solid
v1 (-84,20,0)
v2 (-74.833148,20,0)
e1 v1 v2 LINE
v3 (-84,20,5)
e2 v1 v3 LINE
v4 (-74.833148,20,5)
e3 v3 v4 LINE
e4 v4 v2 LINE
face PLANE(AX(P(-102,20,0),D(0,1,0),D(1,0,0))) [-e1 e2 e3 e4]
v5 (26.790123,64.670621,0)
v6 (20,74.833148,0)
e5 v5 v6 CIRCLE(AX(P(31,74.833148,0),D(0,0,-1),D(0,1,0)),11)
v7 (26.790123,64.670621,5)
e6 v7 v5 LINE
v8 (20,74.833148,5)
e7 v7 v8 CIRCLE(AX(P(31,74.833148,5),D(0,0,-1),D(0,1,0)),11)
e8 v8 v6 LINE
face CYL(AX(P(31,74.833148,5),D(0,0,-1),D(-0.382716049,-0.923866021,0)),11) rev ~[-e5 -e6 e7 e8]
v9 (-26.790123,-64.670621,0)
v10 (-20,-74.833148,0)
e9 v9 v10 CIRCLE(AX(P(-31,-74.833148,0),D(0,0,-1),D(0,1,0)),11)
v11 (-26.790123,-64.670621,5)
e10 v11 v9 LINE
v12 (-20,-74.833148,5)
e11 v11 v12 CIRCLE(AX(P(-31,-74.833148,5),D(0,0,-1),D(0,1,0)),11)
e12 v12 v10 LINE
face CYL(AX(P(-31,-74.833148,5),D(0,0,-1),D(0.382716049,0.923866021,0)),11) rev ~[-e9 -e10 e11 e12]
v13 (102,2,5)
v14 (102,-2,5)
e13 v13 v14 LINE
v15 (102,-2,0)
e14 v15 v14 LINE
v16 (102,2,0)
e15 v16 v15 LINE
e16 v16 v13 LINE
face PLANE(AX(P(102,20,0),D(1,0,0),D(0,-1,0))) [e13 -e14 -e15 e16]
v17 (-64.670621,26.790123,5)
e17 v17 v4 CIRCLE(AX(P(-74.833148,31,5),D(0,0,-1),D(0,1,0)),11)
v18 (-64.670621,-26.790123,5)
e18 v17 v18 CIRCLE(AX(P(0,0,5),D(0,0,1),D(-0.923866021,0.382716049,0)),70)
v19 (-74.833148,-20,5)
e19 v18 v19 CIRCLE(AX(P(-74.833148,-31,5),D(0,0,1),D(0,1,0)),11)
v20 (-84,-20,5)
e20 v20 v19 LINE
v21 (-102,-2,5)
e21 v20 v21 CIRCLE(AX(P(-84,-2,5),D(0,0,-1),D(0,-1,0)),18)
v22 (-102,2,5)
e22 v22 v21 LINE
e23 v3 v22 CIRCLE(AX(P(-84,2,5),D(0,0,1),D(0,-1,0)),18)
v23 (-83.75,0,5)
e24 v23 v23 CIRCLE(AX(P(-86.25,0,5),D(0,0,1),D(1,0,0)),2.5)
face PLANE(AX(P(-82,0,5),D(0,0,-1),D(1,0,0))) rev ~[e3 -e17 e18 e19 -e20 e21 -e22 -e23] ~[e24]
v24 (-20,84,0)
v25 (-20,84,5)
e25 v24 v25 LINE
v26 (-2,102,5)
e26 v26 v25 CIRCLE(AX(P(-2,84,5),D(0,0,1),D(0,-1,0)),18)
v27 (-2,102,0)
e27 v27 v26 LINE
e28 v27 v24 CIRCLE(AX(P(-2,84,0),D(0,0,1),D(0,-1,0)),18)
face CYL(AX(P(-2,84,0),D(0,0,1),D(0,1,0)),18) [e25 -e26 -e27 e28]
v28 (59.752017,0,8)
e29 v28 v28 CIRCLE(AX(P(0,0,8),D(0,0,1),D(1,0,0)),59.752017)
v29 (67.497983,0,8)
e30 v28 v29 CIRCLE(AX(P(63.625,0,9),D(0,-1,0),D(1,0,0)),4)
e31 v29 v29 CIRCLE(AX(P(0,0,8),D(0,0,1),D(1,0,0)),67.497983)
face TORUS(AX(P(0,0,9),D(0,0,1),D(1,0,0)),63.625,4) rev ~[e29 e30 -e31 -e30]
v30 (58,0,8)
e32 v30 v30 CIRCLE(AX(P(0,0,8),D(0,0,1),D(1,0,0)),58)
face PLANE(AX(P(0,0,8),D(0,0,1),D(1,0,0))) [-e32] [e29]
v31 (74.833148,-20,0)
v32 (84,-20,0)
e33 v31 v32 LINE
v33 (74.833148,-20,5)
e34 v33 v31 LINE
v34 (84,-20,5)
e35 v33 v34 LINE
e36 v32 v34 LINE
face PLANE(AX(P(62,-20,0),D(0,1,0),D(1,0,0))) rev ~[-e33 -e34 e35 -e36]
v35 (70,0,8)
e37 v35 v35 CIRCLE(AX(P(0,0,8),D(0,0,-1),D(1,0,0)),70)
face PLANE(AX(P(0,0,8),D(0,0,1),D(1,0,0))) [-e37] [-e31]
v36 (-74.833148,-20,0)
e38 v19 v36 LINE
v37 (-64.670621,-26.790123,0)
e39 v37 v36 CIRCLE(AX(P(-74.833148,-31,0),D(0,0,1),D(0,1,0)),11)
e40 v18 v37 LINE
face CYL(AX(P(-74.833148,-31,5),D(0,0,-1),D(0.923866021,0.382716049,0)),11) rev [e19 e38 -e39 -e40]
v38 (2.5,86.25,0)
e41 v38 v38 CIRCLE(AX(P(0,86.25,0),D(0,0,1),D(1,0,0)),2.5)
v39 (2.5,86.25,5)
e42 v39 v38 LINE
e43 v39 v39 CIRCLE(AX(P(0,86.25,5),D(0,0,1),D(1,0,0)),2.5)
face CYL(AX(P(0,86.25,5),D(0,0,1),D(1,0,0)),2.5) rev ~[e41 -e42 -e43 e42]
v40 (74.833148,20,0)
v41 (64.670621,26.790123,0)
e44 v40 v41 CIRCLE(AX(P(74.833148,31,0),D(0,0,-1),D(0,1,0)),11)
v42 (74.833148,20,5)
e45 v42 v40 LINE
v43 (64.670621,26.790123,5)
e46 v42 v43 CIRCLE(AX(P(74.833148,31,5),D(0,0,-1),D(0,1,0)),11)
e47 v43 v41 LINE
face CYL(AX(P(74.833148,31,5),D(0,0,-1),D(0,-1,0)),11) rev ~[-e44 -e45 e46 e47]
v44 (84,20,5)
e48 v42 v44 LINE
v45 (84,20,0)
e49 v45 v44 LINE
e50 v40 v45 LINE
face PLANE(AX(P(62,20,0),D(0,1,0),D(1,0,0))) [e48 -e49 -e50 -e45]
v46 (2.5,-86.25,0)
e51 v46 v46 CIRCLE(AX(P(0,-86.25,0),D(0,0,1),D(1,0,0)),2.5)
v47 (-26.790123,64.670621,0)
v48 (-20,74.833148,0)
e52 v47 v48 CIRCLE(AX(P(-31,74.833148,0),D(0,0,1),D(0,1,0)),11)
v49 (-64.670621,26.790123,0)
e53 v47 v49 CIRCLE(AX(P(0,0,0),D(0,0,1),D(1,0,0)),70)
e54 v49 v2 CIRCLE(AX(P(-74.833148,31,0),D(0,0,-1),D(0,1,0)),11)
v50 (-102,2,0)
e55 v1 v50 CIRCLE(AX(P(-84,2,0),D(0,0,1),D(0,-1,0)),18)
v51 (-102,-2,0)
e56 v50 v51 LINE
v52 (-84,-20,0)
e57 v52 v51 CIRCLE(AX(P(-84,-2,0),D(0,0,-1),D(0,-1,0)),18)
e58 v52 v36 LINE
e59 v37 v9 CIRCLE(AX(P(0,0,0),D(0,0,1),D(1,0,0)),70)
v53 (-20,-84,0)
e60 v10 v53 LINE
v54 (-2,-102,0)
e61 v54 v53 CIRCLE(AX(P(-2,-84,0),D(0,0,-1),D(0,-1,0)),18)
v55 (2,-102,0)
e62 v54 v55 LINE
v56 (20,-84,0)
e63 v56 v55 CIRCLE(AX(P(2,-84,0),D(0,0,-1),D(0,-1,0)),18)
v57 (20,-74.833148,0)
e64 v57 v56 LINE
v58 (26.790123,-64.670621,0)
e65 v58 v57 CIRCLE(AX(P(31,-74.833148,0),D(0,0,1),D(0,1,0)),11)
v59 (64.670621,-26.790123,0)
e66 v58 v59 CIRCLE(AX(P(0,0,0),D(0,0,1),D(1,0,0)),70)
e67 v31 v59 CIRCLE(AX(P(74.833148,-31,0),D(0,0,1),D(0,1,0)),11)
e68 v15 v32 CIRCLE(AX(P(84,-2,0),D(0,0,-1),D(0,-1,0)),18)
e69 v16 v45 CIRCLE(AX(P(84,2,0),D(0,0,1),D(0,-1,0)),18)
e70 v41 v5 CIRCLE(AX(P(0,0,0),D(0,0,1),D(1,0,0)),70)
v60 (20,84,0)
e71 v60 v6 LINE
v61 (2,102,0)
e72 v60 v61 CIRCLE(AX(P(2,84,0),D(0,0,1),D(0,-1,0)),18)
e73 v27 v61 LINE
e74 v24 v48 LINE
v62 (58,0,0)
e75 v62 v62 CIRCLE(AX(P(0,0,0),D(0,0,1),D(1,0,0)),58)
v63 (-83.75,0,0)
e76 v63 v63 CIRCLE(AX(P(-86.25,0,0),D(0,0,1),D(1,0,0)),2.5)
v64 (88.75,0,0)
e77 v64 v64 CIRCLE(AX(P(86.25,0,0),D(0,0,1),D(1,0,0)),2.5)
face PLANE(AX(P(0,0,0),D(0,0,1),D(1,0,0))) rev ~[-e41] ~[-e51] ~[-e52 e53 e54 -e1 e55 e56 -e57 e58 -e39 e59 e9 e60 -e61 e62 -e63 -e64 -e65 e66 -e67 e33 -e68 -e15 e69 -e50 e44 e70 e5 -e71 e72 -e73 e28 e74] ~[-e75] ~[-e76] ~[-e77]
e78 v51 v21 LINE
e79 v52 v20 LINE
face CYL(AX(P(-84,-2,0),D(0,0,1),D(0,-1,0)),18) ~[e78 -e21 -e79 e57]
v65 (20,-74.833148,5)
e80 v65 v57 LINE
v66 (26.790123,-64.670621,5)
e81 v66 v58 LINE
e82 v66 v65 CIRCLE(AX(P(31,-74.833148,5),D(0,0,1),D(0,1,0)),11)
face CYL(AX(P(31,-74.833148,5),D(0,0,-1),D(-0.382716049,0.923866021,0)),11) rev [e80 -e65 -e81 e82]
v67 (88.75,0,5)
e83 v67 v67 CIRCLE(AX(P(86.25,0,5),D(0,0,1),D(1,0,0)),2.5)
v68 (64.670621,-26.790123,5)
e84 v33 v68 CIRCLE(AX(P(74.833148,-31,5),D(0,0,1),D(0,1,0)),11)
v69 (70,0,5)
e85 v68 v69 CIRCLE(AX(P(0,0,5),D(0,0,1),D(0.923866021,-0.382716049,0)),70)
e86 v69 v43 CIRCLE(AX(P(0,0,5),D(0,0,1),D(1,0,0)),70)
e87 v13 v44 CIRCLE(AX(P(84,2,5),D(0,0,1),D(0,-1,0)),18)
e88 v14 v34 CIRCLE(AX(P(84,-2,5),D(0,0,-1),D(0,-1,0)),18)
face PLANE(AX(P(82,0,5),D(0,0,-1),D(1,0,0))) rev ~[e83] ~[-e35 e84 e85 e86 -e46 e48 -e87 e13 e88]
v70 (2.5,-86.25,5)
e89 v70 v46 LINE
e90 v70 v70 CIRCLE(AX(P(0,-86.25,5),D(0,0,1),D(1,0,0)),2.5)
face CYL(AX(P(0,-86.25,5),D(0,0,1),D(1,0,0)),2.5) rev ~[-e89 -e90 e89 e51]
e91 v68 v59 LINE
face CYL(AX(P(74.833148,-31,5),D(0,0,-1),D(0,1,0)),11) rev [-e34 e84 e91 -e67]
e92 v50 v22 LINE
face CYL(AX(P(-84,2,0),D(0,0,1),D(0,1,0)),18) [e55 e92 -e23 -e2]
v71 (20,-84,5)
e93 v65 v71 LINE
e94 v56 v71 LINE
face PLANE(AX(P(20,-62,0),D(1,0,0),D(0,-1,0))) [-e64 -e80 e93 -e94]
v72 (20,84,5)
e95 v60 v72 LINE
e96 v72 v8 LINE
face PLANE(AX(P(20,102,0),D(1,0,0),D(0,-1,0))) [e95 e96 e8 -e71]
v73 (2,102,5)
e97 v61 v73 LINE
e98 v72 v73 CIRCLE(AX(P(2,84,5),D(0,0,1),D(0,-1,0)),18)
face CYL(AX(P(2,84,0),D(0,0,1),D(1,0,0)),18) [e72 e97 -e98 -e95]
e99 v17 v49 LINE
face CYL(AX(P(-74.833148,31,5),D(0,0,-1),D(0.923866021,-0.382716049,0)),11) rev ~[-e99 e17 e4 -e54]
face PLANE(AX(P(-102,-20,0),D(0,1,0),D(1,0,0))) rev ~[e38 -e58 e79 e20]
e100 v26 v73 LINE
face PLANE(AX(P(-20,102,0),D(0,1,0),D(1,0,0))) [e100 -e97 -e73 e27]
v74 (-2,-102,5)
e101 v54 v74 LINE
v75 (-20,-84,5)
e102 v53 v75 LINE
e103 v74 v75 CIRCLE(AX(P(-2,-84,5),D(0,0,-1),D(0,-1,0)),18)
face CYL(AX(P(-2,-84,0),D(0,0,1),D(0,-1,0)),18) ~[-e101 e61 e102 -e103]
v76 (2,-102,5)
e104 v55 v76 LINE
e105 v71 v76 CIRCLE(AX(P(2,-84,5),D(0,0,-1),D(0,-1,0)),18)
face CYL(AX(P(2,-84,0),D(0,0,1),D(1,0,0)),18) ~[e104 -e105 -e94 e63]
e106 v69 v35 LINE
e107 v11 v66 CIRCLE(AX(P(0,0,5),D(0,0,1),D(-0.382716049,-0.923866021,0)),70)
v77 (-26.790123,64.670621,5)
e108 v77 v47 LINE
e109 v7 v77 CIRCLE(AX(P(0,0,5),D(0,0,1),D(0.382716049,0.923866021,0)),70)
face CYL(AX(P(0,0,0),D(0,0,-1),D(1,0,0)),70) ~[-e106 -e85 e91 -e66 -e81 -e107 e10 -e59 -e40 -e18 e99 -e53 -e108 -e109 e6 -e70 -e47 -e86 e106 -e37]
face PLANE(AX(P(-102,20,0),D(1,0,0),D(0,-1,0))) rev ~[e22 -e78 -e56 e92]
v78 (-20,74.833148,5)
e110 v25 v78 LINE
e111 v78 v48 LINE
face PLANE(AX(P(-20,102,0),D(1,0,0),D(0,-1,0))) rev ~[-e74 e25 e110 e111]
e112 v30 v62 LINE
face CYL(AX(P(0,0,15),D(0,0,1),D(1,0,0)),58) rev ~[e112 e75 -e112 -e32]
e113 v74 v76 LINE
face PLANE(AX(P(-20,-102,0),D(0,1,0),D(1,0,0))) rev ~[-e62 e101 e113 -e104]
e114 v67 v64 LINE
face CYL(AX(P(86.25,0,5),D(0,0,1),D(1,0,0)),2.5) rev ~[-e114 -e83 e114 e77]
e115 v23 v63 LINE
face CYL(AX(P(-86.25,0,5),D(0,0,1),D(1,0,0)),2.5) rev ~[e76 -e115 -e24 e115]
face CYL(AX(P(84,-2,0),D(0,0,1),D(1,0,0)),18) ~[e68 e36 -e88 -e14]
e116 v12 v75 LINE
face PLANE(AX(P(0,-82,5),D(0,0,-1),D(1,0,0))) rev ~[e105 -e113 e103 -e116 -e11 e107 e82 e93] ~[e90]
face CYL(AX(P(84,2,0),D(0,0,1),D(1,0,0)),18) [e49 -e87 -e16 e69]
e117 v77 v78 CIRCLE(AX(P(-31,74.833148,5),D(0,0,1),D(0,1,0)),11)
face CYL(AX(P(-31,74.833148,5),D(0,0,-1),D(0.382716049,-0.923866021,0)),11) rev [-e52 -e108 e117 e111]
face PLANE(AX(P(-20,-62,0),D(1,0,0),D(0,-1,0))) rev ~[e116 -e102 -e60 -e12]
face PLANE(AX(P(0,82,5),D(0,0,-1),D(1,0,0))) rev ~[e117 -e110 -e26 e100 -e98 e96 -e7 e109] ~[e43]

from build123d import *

# Parameters (mm, degrees)
SKETCH_R        = 70
SKETCH_R_2      = 57.25
PAD_DEPTH       = 15
SKETCH001_R     = 4
SKETCH002_W     = 40
SKETCH002_H     = 40
PAD001_DEPTH    = 5
SKETCH003_R     = 2.5
POCKET_DEPTH    = 5
FILLET_R        = 18
FILLET001_R     = 11
SKETCH004_R     = 58
POCKET001_DEPTH = 15.001
SKETCH005_R     = 71
POCKET002_DEPTH = 7
SKETCH006_R     = 4


with BuildPart() as part:
    # Sketch → Pad (new body)
    with BuildSketch(Plane.XY):
        Circle(SKETCH_R)
        Circle(SKETCH_R_2, mode=Mode.SUBTRACT)
    extrude(amount=PAD_DEPTH)

    # Sketch001 → Groove (revolve, cut)
    with BuildSketch(Plane.XZ):
        with Locations((63.625, 16)):
            Circle(SKETCH001_R)
    revolve(axis=Axis((0, 0, 0), (0, 0, 1)), mode=Mode.SUBTRACT)

    # Sketch002 (on Face2 of Groove) → Pad001 (join)
    with BuildSketch(Plane(origin=(0, 0, 0), x_dir=(1, 0, 0), z_dir=(0, 0, -1))):
        with Locations((82, 0)):
            Rectangle(SKETCH002_W, SKETCH002_H)
        with Locations((-82, 0)):
            Rectangle(SKETCH002_W, SKETCH002_H)
        with Locations((0, 82)):
            Rectangle(SKETCH002_W, SKETCH002_H)
        with Locations((0, -82)):
            Rectangle(SKETCH002_W, SKETCH002_H)
    extrude(amount=-PAD001_DEPTH)

    # Sketch003 (on Face13 of Pad001) → Pocket (cut)
    with BuildSketch(Plane.XY.offset(5)):
        with Locations((-86.25, 0)):
            Circle(SKETCH003_R)
        with Locations((0, -86.25)):
            Circle(SKETCH003_R)
        with Locations((86.25, 0)):
            Circle(SKETCH003_R)
        with Locations((0, 86.25)):
            Circle(SKETCH003_R)
    extrude(amount=-POCKET_DEPTH, mode=Mode.SUBTRACT)

    # Fillet
    fillet_edges = [part.edges().sort_by_distance(p)[0] for p in [
        (-20, 102, 2.5),
        (20, 102, 2.5),
        (102, 20, 2.5),
        (102, -20, 2.5),
        (20, -102, 2.5),
        (-20, -102, 2.5),
        (-102, -20, 2.5),
        (-102, 20, 2.5),
    ]]
    fillet(fillet_edges, radius=FILLET_R)

    # Fillet001
    fillet001_edges = [part.edges().sort_by_distance(p)[0] for p in [
        (67.082039, 20, 2.5),
        (20, 67.082039, 2.5),
        (-20, 67.082039, 2.5),
        (-67.082039, 20, 2.5),
        (-67.082039, -20, 2.5),
        (-20, -67.082039, 2.5),
        (20, -67.082039, 2.5),
        (67.082039, -20, 2.5),
    ]]
    fillet(fillet001_edges, radius=FILLET001_R)

    # Sketch004 (on Face41 of Fillet001) → Pocket001 (cut, through all)
    with BuildSketch(Plane.XY.offset(15)):
        Circle(SKETCH004_R)
    extrude(amount=-POCKET001_DEPTH, mode=Mode.SUBTRACT)

    # Sketch005 (on Face38 of Pocket001) → Pocket002 (cut)
    with BuildSketch(Plane.XY.offset(15)):
        Circle(SKETCH005_R)
    extrude(amount=-POCKET002_DEPTH, mode=Mode.SUBTRACT)

    # Sketch006 → Groove001 (revolve, cut)
    with BuildSketch(Plane.XZ):
        with Locations((63.625, 9)):
            Circle(SKETCH006_R)
    revolve(axis=Axis((0, 0, 0), (0, 0, 1)), mode=Mode.SUBTRACT)


solid = part.part
